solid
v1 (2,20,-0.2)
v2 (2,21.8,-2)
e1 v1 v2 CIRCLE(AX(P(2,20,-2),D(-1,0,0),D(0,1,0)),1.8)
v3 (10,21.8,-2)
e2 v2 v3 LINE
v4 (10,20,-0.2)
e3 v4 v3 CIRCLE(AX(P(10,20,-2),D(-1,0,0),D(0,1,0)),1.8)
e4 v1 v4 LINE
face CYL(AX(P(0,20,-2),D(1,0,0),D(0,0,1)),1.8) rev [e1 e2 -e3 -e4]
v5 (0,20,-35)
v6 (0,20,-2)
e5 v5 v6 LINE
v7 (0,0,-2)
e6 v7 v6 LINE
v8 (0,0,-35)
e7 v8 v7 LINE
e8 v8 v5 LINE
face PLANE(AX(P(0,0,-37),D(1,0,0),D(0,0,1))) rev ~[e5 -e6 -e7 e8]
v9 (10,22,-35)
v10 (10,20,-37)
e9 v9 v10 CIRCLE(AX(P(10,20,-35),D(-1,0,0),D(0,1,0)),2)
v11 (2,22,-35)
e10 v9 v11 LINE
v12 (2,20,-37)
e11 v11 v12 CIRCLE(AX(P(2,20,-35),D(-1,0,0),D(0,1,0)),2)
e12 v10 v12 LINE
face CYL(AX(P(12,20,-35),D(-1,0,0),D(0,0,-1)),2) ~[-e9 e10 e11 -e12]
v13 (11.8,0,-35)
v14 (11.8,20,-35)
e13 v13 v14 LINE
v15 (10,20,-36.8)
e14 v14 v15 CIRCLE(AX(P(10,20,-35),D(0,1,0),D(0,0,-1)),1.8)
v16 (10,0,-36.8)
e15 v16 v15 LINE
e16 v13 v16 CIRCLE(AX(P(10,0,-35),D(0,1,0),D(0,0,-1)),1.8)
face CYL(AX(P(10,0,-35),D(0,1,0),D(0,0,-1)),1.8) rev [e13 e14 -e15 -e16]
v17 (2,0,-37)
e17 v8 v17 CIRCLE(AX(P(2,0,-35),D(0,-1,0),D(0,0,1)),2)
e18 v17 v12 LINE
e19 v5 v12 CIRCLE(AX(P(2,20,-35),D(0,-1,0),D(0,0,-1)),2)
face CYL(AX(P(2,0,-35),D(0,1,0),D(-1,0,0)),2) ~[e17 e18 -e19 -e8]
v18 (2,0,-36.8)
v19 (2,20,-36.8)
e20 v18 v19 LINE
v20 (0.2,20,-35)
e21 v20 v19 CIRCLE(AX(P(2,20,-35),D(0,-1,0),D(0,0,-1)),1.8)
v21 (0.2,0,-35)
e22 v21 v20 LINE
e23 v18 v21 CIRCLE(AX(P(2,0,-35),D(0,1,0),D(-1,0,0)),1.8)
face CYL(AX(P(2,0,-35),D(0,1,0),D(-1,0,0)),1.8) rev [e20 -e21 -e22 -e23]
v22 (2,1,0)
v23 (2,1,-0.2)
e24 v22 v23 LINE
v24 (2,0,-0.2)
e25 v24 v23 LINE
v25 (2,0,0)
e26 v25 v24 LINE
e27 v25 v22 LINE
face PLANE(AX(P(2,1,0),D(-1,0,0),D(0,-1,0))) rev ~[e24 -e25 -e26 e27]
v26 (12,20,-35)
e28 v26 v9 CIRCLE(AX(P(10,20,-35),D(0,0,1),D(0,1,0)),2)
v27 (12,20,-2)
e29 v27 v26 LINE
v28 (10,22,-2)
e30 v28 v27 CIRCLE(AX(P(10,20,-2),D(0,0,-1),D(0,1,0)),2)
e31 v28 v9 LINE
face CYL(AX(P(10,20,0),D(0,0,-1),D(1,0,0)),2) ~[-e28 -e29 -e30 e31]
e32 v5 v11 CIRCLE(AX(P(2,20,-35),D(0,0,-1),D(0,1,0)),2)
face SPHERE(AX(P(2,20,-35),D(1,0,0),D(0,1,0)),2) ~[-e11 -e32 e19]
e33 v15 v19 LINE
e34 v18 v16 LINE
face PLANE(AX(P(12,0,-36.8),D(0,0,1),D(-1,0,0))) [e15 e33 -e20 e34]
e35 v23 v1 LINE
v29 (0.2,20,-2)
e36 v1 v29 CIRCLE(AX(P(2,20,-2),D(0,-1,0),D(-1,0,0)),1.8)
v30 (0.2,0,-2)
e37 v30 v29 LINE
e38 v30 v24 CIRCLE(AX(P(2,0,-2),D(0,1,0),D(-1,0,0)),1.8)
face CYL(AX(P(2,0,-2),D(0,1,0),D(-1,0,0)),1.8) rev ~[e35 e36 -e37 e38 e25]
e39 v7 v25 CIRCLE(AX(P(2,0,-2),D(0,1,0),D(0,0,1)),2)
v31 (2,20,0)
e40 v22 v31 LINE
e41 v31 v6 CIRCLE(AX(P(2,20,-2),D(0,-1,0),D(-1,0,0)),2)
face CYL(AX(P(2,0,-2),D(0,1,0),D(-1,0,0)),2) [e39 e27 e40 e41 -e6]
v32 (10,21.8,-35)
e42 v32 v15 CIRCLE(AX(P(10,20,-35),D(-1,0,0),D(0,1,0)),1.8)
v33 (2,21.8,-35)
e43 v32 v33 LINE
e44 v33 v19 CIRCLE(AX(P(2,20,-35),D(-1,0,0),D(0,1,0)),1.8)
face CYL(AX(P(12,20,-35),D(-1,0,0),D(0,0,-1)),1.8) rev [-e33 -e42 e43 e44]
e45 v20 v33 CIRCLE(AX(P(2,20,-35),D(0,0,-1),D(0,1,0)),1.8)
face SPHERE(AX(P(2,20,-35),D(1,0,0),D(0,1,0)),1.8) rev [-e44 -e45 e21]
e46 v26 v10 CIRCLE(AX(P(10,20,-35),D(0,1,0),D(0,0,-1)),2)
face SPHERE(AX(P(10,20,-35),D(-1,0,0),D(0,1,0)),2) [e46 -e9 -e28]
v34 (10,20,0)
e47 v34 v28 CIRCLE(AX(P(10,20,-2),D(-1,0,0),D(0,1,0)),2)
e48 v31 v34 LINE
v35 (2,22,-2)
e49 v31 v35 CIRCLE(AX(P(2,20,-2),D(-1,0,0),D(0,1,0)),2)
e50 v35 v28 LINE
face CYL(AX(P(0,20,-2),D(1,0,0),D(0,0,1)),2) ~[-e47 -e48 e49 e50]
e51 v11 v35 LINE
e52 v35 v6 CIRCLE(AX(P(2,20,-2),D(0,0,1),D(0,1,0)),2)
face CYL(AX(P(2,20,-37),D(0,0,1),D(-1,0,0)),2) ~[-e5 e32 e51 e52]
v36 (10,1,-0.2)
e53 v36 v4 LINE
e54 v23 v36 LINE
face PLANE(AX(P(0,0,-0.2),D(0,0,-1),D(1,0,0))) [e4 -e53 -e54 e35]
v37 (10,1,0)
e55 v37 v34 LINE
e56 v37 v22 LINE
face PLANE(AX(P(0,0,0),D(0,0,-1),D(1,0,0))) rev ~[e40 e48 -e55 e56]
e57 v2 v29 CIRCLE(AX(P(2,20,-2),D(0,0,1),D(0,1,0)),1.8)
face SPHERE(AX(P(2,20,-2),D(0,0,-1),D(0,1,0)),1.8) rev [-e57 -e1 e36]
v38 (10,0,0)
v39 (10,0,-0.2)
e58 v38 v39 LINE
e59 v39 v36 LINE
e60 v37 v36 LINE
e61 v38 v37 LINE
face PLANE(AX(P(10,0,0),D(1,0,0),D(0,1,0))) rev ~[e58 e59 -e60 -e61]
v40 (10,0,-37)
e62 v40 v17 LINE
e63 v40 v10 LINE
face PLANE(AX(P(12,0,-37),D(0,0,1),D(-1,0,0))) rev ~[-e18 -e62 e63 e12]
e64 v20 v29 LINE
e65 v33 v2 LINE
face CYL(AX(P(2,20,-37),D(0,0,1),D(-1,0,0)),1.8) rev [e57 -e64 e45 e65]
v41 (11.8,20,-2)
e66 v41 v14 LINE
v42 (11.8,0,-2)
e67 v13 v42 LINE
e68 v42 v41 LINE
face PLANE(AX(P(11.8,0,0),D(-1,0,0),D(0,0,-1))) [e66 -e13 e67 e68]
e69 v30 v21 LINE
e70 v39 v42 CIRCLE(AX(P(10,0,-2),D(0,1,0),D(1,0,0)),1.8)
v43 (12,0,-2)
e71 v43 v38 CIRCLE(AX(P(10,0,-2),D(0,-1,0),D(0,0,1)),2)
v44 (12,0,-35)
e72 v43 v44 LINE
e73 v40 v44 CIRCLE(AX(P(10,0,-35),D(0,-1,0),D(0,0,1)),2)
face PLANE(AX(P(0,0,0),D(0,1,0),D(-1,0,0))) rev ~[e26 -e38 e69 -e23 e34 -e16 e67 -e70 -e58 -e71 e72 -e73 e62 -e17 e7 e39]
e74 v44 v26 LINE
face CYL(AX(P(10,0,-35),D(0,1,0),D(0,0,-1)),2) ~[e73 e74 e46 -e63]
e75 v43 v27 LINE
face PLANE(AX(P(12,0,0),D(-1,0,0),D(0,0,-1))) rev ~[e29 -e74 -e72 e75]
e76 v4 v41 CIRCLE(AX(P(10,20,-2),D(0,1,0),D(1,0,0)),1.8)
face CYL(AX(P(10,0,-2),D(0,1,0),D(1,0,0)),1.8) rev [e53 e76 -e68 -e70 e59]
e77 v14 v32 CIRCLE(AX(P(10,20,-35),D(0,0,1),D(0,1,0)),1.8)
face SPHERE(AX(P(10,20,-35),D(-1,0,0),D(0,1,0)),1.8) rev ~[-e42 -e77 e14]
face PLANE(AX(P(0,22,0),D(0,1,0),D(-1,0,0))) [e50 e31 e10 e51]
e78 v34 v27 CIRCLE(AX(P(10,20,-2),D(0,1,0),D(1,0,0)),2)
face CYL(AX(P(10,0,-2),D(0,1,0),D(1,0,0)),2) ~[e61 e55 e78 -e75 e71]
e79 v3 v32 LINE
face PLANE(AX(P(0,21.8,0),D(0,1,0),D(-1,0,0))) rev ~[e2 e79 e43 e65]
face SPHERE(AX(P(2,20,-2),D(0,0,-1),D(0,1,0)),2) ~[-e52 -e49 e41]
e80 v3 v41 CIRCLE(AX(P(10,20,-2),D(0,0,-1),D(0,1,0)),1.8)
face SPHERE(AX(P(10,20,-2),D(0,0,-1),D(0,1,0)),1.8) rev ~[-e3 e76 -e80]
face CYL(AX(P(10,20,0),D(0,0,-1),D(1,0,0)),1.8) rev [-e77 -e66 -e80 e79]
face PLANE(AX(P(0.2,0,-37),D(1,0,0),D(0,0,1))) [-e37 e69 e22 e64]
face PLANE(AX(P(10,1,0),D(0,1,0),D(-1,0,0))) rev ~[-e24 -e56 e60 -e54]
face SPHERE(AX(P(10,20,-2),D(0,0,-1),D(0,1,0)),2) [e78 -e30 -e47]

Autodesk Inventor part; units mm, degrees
ref_plane "YZ Plane" through (0, 0, 0) normal (1, 0, 0) x (0, 1, 0)
ref_plane "XZ Plane" through (0, 0, 0) normal (0, 1, 0) x (-1, 0, 0)
ref_plane "XY Plane" through (0, 0, 0) normal (0, 0, 1) x (1, 0, 0)
sketch "Sketch1" plane through (0, 0, 0) normal (0, 1, 0) x (-1, 0, 0)
  line L0 (0, 0) -> (-12, 0)
  line L1 (-12, 0) -> (-12, -37)
  line L2 (-12, -37) -> (0, -37)
  line L3 (0, -37) -> (0, 0)
  dimension "d0" = 12
  dimension "d1" = 37
extrude "Extrusion1" add sketch "Sketch1" along normal blind 22
fillet "Fillet1" radius 2 8 edges at (6, 22, -37) (0, 22, -18.5) (12, 22, -18.5) (6, 22, 0) (0, 11, 0) (0, 11, -37) (12, 11, -37) (12, 11, 0)
shell "Shell1" thickness 0.2 removed faces 1 at (8, 0, -13)
sketch "Sketch2" plane through (2, 0, 0) normal (0, 0, 1) x (1, 0, 0)
  line L0 (8, 0) -> (0, 0) projected
  line L1 (8, 0) -> (8, 20) projected
  line L2 (0, 0) -> (8, 0)
  line L3 (8, 0) -> (8, 1)
  line L4 (8, 1) -> (0, 1)
  line L5 (0, 1) -> (0, 0)
  point P0 (-2, 0)
  dimension "d6" = 1
extrude "Extrusion2" cut sketch "Sketch2" against normal blind 22
properties part number "Top_Case"
